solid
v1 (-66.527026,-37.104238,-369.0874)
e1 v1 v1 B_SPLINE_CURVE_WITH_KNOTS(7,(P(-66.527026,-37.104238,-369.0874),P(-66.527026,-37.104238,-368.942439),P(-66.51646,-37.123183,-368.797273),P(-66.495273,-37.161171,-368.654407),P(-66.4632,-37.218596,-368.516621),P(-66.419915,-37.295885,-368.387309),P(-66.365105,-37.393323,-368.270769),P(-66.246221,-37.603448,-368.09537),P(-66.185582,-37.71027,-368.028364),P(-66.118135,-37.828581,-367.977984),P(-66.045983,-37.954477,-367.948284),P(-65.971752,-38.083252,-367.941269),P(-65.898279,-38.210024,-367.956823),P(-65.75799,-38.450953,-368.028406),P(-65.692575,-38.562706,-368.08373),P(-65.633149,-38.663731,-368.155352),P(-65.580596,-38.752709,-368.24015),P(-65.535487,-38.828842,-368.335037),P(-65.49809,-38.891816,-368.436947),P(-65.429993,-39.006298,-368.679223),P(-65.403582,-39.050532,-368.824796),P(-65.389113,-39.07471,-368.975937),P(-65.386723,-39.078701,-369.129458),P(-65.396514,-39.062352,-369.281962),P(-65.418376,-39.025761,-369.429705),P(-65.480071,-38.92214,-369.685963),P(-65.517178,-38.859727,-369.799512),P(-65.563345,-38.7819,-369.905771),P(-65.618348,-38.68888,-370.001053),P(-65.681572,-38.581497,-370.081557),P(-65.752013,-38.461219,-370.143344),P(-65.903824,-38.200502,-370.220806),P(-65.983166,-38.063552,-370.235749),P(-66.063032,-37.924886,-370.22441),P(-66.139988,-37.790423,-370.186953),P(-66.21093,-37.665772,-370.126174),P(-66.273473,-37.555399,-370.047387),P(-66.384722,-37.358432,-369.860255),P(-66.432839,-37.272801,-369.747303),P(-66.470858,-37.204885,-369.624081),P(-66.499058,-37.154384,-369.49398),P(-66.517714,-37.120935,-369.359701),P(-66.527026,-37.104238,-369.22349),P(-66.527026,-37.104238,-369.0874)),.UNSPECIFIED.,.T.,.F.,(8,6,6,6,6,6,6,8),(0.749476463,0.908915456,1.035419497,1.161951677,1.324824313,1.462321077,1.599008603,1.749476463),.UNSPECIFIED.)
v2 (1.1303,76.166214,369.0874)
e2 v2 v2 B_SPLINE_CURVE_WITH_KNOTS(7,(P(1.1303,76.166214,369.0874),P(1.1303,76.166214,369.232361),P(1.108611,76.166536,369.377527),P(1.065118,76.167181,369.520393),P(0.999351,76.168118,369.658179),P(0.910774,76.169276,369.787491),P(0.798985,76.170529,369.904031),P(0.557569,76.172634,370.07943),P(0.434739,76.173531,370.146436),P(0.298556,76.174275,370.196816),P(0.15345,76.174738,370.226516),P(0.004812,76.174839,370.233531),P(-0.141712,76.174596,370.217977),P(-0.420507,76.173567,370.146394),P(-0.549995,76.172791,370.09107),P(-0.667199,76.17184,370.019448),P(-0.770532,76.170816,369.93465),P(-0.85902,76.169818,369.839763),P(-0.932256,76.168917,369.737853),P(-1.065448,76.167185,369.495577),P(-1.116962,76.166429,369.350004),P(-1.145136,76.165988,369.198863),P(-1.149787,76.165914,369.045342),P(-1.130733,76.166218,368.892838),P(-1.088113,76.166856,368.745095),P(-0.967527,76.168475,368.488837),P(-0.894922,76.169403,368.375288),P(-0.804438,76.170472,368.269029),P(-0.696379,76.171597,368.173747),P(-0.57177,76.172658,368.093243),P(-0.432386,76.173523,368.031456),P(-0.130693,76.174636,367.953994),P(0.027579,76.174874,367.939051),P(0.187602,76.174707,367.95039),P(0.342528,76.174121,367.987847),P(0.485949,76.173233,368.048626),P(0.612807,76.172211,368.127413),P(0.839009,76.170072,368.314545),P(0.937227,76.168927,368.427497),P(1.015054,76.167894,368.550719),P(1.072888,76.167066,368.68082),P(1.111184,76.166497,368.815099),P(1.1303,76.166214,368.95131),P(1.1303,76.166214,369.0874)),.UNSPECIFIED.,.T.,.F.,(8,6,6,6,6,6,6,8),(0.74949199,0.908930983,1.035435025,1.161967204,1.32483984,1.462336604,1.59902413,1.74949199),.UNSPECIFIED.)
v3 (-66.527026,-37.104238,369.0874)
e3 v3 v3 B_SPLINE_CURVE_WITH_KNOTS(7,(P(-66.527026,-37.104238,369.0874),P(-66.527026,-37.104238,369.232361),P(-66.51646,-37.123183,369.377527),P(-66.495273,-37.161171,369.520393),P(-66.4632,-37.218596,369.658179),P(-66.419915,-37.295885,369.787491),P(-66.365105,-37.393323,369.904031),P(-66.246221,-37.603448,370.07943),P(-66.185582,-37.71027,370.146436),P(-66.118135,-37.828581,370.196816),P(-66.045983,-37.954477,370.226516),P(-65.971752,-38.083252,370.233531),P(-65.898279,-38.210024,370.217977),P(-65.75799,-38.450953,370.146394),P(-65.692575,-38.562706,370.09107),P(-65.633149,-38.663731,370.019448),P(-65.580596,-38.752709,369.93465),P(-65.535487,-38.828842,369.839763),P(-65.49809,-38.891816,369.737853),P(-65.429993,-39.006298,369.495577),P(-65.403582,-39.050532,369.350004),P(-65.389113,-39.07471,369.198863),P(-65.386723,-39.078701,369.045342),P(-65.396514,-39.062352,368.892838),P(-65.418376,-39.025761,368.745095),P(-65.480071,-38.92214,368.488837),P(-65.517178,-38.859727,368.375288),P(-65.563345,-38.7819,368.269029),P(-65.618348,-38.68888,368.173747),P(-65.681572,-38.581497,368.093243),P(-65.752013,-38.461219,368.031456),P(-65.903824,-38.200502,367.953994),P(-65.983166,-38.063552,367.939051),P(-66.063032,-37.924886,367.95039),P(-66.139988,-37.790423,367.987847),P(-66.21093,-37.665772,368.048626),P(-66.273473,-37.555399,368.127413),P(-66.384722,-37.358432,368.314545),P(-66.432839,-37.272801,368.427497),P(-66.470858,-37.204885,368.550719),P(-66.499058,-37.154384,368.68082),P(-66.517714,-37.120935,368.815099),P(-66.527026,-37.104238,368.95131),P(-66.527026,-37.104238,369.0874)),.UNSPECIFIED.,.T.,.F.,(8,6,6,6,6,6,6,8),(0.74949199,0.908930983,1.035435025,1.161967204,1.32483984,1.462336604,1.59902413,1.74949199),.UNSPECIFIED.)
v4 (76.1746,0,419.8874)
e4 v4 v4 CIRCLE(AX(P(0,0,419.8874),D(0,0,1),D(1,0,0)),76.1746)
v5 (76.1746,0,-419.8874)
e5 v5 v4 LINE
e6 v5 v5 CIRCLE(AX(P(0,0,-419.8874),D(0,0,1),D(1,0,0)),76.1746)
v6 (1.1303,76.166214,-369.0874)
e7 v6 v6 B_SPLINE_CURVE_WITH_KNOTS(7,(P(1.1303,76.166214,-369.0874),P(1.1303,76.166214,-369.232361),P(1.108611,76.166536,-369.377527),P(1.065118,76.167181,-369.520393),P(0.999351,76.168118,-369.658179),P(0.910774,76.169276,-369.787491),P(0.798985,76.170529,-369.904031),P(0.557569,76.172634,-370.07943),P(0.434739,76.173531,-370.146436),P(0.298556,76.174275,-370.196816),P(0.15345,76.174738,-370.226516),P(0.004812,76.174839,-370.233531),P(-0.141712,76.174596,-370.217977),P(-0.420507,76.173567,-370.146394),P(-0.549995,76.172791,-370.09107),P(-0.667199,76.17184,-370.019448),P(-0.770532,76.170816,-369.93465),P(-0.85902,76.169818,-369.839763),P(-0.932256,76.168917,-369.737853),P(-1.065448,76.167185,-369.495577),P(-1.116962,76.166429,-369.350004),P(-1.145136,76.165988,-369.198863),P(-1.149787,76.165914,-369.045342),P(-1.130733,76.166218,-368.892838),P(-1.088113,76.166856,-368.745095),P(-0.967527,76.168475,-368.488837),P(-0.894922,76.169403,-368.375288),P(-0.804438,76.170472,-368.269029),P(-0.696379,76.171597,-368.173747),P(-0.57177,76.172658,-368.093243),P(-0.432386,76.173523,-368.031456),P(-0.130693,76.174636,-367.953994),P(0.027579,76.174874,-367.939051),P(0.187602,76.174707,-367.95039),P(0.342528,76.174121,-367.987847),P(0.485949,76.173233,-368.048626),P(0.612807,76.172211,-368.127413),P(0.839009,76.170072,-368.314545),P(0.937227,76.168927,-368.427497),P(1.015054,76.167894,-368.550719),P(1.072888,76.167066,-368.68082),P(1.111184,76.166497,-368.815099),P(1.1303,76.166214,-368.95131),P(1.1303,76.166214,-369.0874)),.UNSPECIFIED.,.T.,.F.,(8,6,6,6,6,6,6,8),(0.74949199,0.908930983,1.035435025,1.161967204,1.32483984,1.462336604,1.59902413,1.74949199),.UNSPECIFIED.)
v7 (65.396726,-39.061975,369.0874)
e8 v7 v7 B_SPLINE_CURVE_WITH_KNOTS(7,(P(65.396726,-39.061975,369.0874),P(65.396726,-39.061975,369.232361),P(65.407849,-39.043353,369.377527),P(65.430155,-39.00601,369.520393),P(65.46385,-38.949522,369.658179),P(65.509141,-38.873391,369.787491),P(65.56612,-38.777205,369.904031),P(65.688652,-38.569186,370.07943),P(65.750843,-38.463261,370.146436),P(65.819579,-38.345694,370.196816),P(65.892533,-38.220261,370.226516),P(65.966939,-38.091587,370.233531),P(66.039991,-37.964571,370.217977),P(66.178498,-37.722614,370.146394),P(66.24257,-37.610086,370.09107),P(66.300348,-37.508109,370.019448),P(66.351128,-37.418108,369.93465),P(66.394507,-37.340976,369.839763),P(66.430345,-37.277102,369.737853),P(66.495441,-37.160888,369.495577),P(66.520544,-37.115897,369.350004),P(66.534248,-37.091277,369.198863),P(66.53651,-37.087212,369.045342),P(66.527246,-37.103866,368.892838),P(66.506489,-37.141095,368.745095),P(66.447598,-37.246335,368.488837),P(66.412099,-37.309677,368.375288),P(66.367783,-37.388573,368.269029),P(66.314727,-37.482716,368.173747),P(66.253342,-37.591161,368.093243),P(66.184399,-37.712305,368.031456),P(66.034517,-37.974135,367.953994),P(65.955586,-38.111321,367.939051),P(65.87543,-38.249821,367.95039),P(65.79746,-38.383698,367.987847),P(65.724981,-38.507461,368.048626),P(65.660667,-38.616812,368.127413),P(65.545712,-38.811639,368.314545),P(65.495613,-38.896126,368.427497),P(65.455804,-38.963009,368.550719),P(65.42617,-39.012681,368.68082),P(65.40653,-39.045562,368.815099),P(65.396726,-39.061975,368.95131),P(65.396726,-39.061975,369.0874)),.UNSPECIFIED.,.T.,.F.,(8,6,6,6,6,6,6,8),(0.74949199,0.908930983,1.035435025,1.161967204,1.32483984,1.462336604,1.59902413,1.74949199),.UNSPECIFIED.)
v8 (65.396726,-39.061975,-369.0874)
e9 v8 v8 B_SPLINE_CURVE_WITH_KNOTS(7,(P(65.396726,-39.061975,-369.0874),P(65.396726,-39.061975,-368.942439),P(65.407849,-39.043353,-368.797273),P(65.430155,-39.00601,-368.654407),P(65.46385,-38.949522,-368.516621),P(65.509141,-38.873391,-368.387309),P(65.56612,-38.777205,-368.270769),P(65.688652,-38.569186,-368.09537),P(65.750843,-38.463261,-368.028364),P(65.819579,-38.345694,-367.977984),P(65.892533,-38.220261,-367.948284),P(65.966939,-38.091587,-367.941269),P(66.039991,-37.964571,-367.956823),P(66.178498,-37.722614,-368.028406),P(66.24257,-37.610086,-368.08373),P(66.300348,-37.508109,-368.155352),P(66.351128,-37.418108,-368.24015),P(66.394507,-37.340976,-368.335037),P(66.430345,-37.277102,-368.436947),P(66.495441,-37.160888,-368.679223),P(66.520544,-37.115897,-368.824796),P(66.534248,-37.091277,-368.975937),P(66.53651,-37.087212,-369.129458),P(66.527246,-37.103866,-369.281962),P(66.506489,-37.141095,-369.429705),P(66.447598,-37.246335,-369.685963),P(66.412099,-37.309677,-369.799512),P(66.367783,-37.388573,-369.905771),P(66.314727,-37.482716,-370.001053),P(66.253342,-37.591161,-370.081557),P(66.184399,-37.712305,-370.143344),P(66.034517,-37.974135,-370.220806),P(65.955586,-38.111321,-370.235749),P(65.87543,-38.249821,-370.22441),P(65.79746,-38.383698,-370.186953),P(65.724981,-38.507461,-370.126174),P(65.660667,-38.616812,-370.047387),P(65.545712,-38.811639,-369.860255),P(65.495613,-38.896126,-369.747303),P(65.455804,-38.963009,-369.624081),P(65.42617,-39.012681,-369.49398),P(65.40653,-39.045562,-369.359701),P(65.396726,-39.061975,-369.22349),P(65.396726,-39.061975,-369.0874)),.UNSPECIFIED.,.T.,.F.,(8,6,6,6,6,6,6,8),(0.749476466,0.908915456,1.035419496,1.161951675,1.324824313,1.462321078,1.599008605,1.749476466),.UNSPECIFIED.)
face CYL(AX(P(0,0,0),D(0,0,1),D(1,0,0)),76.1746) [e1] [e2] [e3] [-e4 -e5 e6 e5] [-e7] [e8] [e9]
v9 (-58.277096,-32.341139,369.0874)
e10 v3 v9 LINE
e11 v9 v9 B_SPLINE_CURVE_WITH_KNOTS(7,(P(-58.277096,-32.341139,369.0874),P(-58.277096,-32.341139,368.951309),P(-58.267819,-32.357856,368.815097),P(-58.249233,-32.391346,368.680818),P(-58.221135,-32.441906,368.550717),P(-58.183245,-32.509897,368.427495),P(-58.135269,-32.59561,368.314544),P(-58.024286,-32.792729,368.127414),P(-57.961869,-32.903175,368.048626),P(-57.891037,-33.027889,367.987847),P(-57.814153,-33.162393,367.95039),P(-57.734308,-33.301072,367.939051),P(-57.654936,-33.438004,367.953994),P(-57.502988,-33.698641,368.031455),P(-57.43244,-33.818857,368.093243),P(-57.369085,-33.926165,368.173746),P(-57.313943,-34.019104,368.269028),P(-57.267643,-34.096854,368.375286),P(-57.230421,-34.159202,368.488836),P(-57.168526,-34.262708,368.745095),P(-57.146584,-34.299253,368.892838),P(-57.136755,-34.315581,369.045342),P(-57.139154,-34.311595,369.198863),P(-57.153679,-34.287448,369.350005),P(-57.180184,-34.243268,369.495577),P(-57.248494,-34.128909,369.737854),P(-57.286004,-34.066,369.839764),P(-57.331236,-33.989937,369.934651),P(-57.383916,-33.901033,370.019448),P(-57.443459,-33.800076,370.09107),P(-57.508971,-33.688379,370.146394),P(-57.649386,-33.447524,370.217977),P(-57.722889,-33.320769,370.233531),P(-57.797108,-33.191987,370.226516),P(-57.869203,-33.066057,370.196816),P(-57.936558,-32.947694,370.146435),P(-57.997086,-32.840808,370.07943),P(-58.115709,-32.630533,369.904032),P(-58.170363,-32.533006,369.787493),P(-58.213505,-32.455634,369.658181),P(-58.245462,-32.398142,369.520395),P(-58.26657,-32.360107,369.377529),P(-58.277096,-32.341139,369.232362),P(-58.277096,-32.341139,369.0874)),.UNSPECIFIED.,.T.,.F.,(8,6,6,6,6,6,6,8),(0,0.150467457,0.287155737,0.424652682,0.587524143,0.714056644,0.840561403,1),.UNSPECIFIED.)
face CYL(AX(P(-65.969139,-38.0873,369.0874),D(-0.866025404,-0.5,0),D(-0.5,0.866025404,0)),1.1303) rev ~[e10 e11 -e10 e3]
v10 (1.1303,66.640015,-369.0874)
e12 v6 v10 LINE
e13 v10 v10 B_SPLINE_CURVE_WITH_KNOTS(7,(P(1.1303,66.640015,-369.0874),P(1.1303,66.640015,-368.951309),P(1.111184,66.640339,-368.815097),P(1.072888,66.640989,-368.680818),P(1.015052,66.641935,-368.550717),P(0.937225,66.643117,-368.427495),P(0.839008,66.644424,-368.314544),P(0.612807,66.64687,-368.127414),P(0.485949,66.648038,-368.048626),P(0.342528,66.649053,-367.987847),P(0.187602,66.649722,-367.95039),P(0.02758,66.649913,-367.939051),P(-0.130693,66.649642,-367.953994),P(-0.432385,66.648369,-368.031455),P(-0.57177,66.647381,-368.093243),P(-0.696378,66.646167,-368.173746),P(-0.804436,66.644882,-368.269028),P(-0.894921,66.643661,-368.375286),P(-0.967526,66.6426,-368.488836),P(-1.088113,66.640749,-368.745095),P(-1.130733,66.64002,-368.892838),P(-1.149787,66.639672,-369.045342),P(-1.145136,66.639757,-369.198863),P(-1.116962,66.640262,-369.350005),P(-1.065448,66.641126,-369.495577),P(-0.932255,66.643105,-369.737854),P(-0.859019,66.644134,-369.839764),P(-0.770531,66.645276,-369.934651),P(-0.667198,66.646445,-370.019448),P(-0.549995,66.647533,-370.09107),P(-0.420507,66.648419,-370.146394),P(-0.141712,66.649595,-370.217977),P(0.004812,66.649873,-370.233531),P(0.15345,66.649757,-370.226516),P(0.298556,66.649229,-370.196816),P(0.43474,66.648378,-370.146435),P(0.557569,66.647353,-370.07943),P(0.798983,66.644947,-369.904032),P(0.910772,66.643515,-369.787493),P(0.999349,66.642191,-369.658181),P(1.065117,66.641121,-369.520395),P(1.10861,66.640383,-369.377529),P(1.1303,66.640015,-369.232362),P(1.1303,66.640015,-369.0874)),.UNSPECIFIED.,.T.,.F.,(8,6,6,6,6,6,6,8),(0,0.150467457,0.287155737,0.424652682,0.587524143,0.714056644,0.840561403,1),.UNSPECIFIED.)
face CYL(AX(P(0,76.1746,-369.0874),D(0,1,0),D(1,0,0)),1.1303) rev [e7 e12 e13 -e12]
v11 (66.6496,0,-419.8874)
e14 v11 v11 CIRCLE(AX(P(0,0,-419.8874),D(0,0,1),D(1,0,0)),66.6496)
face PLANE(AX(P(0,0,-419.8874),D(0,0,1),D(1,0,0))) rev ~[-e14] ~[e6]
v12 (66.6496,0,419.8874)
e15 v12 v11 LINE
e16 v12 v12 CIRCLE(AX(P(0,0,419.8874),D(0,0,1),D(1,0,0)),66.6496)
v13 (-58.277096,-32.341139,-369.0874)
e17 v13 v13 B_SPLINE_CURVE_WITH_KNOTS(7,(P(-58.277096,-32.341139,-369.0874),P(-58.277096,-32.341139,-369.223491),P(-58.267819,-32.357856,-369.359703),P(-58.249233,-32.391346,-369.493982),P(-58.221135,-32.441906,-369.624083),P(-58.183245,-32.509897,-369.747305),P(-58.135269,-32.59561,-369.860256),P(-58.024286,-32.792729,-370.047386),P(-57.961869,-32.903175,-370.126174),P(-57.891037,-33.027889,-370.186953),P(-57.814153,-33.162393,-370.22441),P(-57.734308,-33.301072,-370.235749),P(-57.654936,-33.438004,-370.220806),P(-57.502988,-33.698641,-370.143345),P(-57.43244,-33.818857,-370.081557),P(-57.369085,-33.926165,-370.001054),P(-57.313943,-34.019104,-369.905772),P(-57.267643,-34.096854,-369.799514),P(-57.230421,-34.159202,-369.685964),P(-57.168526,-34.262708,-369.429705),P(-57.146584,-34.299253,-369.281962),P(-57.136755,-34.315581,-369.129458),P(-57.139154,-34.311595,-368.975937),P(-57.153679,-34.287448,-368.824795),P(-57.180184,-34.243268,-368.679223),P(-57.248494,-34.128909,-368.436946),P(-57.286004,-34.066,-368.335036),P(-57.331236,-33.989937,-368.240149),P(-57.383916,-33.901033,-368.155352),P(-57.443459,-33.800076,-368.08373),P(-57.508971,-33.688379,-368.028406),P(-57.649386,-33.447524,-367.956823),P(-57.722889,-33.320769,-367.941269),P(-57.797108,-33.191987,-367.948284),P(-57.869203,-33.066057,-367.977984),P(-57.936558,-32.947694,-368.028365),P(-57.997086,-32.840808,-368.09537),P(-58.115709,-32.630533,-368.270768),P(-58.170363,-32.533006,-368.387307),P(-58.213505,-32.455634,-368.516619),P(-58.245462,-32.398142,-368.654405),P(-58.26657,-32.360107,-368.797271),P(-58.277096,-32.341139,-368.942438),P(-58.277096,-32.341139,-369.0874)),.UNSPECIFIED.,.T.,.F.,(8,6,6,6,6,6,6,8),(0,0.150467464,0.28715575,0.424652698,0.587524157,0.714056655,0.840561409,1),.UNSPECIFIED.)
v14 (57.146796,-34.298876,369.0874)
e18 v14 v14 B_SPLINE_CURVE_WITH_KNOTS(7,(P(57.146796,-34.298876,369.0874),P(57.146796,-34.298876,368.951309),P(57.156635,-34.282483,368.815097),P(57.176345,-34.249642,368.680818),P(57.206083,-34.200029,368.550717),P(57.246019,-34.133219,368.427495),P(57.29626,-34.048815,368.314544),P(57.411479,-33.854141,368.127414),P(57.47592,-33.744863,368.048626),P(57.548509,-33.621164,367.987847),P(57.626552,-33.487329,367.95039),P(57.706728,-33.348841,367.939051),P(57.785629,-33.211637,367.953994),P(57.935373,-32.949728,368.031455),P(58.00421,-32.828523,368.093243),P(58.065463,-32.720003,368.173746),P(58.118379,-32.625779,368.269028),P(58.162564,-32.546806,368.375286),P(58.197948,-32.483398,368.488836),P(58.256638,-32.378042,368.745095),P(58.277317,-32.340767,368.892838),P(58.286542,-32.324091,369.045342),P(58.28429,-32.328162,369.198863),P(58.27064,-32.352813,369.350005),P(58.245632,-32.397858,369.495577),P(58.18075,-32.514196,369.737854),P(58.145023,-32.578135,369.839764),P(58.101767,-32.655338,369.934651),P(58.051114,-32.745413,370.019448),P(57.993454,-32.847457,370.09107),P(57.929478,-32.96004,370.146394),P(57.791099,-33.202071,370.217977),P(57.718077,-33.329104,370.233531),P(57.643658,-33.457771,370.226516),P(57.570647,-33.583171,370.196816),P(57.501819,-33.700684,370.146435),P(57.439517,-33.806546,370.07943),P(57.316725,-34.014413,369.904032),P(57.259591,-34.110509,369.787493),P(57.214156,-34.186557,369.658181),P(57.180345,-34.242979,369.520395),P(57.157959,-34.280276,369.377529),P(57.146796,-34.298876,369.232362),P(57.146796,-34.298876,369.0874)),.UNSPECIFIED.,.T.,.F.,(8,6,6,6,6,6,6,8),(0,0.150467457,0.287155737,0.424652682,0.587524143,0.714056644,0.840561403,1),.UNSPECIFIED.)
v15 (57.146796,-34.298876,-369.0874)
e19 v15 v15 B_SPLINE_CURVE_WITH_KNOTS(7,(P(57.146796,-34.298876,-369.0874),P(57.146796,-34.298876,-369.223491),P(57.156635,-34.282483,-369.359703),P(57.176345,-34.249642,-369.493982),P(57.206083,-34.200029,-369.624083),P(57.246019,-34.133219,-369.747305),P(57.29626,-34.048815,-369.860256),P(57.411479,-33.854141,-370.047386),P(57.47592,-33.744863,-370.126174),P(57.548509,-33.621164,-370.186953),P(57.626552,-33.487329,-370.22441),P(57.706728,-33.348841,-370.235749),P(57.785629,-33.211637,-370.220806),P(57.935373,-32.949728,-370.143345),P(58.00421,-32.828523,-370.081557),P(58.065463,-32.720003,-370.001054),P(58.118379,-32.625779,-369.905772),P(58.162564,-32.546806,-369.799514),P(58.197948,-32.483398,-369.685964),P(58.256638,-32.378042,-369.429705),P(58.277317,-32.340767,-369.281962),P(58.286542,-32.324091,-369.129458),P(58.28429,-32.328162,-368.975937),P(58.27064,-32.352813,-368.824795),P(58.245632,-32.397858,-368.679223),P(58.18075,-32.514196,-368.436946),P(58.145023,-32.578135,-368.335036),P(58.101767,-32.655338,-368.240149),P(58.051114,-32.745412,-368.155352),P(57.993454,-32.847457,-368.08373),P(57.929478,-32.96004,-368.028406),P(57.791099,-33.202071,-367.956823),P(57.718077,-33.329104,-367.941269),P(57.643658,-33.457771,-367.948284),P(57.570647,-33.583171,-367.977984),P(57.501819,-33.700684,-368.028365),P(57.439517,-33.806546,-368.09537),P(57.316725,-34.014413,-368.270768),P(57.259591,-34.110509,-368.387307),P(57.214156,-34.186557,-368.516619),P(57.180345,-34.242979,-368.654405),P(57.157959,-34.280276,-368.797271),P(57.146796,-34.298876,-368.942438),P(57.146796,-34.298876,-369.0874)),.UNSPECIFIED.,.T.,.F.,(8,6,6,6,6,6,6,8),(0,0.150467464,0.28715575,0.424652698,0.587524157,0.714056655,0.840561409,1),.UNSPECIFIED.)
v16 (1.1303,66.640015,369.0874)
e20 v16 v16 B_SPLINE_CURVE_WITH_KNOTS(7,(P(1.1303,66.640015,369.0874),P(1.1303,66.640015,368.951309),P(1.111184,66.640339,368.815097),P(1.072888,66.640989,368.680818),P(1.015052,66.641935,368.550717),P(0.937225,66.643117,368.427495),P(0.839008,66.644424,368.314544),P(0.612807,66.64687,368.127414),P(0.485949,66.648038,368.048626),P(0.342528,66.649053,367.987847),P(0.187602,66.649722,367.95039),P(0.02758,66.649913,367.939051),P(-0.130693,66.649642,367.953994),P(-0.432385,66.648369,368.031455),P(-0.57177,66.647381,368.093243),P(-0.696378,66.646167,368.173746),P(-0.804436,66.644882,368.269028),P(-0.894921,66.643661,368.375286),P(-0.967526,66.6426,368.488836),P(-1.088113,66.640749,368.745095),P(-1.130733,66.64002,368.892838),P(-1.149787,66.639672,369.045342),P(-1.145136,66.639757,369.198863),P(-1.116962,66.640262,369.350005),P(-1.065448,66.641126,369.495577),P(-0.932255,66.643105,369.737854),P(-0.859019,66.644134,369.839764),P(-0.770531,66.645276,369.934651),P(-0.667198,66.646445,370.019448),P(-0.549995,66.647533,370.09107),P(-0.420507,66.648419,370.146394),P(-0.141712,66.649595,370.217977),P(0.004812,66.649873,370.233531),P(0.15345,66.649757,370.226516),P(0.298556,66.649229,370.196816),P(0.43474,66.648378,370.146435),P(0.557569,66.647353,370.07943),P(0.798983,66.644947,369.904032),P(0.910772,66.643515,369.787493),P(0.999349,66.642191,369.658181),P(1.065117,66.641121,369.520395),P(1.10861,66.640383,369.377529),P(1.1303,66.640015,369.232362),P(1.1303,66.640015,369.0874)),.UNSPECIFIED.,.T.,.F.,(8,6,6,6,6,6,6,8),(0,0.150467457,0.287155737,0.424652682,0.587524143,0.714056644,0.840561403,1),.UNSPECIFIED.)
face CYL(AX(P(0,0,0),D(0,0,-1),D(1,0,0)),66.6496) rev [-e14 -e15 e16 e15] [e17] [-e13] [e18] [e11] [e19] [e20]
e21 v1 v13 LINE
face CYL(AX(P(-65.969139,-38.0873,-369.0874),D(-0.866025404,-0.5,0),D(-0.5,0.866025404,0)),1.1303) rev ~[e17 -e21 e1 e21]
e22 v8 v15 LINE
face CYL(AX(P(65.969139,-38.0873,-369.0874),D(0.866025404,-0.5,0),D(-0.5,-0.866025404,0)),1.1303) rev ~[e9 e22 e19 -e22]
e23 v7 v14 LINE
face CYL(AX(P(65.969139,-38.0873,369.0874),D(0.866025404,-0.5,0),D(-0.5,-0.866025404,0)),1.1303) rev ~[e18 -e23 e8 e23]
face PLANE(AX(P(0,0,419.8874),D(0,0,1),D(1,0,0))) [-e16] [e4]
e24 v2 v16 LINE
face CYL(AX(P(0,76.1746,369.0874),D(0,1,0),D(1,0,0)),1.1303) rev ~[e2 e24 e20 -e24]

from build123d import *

# Parameters (mm, degrees)
SKETCH1_R                  = 76.1746
SKETCH1_R_2                = 66.6496
BOSS_EXTRUDE1_DEPTH        = 419.8874
F_4_40_TAPPED_HOLE1_REACH  = 809.152
F_4_40_TAPPED_HOLE1_BORE_R = 1.1303
CIRPATTERN1_COUNT          = 3
MIRROR1_COPY_1_REACH       = 809.152
MIRROR1_COPY_1_SKETCH_R    = 1.1303
MIRROR1_COPY_2_REACH       = 809.152
MIRROR1_COPY_2_SKETCH_R    = 1.1303


with BuildPart() as part:
    # Sketch1 → Boss-Extrude1 (new, symmetric)
    with BuildSketch(Plane.XY):
        Circle(SKETCH1_R)
        Circle(SKETCH1_R_2, mode=Mode.SUBTRACT)
    extrude(amount=BOSS_EXTRUDE1_DEPTH, both=True)

    # #4-40 Tapped Hole1 bore (on position points) → #4-40 Tapped Hole1 (cut, up to next)
    with BuildSketch(Plane(origin=(0, 76.1746, 369.0874), x_dir=(1, 0, 0), z_dir=(0, 1, 0)), mode=Mode.PRIVATE) as f_4_40_tapped_hole1_sk1:
        Circle(F_4_40_TAPPED_HOLE1_BORE_R)
    f_4_40_tapped_hole1_tool1 = extrude(f_4_40_tapped_hole1_sk1.sketch, amount=-F_4_40_TAPPED_HOLE1_REACH, mode=Mode.PRIVATE) & part.part
    f_4_40_tapped_hole1 = f_4_40_tapped_hole1_tool1.solids().sort_by_distance((0, 76.1746, 369.0874))[0]
    add(f_4_40_tapped_hole1, mode=Mode.SUBTRACT)

    # CirPattern1: #4-40 Tapped Hole1 ×3 about axis
    cirpattern1_axis = Axis((0, 0, 419.8874), (0, 0, 1))
    for i in range(1, CIRPATTERN1_COUNT):
        add(f_4_40_tapped_hole1.rotate(cirpattern1_axis, i * 360 / CIRPATTERN1_COUNT), mode=Mode.SUBTRACT)

    # Mirror1: #4-40 Tapped Hole1 across plane
    add(f_4_40_tapped_hole1.mirror(Plane.XY), mode=Mode.SUBTRACT)

    # Mirror1 copy 1 sketch → Mirror1 copy 1 (cut, up to next)
    with BuildSketch(Plane(origin=(-65.969138723, -38.0873, -369.0874), x_dir=(-0.4999999999999998, 0.8660254037844387, 0), z_dir=(-0.8660254037844387, -0.4999999999999998, 0)), mode=Mode.PRIVATE) as mirror1_copy_1_sk1:
        Circle(MIRROR1_COPY_1_SKETCH_R)
    mirror1_copy_1_tool1 = extrude(mirror1_copy_1_sk1.sketch, amount=-MIRROR1_COPY_1_REACH, mode=Mode.PRIVATE) & part.part
    add(mirror1_copy_1_tool1.solids().sort_by_distance((-65.969138723, -38.0873, -369.0874))[0], mode=Mode.SUBTRACT)

    # Mirror1 copy 2 sketch → Mirror1 copy 2 (cut, up to next)
    with BuildSketch(Plane(origin=(65.969138723, -38.0873, -369.0874), x_dir=(-0.5000000000000004, -0.8660254037844384, 0), z_dir=(0.8660254037844384, -0.5000000000000004, 0)), mode=Mode.PRIVATE) as mirror1_copy_2_sk1:
        Circle(MIRROR1_COPY_2_SKETCH_R)
    mirror1_copy_2_tool1 = extrude(mirror1_copy_2_sk1.sketch, amount=-MIRROR1_COPY_2_REACH, mode=Mode.PRIVATE) & part.part
    add(mirror1_copy_2_tool1.solids().sort_by_distance((65.969138723, -38.0873, -369.0874))[0], mode=Mode.SUBTRACT)


solid = part.part
